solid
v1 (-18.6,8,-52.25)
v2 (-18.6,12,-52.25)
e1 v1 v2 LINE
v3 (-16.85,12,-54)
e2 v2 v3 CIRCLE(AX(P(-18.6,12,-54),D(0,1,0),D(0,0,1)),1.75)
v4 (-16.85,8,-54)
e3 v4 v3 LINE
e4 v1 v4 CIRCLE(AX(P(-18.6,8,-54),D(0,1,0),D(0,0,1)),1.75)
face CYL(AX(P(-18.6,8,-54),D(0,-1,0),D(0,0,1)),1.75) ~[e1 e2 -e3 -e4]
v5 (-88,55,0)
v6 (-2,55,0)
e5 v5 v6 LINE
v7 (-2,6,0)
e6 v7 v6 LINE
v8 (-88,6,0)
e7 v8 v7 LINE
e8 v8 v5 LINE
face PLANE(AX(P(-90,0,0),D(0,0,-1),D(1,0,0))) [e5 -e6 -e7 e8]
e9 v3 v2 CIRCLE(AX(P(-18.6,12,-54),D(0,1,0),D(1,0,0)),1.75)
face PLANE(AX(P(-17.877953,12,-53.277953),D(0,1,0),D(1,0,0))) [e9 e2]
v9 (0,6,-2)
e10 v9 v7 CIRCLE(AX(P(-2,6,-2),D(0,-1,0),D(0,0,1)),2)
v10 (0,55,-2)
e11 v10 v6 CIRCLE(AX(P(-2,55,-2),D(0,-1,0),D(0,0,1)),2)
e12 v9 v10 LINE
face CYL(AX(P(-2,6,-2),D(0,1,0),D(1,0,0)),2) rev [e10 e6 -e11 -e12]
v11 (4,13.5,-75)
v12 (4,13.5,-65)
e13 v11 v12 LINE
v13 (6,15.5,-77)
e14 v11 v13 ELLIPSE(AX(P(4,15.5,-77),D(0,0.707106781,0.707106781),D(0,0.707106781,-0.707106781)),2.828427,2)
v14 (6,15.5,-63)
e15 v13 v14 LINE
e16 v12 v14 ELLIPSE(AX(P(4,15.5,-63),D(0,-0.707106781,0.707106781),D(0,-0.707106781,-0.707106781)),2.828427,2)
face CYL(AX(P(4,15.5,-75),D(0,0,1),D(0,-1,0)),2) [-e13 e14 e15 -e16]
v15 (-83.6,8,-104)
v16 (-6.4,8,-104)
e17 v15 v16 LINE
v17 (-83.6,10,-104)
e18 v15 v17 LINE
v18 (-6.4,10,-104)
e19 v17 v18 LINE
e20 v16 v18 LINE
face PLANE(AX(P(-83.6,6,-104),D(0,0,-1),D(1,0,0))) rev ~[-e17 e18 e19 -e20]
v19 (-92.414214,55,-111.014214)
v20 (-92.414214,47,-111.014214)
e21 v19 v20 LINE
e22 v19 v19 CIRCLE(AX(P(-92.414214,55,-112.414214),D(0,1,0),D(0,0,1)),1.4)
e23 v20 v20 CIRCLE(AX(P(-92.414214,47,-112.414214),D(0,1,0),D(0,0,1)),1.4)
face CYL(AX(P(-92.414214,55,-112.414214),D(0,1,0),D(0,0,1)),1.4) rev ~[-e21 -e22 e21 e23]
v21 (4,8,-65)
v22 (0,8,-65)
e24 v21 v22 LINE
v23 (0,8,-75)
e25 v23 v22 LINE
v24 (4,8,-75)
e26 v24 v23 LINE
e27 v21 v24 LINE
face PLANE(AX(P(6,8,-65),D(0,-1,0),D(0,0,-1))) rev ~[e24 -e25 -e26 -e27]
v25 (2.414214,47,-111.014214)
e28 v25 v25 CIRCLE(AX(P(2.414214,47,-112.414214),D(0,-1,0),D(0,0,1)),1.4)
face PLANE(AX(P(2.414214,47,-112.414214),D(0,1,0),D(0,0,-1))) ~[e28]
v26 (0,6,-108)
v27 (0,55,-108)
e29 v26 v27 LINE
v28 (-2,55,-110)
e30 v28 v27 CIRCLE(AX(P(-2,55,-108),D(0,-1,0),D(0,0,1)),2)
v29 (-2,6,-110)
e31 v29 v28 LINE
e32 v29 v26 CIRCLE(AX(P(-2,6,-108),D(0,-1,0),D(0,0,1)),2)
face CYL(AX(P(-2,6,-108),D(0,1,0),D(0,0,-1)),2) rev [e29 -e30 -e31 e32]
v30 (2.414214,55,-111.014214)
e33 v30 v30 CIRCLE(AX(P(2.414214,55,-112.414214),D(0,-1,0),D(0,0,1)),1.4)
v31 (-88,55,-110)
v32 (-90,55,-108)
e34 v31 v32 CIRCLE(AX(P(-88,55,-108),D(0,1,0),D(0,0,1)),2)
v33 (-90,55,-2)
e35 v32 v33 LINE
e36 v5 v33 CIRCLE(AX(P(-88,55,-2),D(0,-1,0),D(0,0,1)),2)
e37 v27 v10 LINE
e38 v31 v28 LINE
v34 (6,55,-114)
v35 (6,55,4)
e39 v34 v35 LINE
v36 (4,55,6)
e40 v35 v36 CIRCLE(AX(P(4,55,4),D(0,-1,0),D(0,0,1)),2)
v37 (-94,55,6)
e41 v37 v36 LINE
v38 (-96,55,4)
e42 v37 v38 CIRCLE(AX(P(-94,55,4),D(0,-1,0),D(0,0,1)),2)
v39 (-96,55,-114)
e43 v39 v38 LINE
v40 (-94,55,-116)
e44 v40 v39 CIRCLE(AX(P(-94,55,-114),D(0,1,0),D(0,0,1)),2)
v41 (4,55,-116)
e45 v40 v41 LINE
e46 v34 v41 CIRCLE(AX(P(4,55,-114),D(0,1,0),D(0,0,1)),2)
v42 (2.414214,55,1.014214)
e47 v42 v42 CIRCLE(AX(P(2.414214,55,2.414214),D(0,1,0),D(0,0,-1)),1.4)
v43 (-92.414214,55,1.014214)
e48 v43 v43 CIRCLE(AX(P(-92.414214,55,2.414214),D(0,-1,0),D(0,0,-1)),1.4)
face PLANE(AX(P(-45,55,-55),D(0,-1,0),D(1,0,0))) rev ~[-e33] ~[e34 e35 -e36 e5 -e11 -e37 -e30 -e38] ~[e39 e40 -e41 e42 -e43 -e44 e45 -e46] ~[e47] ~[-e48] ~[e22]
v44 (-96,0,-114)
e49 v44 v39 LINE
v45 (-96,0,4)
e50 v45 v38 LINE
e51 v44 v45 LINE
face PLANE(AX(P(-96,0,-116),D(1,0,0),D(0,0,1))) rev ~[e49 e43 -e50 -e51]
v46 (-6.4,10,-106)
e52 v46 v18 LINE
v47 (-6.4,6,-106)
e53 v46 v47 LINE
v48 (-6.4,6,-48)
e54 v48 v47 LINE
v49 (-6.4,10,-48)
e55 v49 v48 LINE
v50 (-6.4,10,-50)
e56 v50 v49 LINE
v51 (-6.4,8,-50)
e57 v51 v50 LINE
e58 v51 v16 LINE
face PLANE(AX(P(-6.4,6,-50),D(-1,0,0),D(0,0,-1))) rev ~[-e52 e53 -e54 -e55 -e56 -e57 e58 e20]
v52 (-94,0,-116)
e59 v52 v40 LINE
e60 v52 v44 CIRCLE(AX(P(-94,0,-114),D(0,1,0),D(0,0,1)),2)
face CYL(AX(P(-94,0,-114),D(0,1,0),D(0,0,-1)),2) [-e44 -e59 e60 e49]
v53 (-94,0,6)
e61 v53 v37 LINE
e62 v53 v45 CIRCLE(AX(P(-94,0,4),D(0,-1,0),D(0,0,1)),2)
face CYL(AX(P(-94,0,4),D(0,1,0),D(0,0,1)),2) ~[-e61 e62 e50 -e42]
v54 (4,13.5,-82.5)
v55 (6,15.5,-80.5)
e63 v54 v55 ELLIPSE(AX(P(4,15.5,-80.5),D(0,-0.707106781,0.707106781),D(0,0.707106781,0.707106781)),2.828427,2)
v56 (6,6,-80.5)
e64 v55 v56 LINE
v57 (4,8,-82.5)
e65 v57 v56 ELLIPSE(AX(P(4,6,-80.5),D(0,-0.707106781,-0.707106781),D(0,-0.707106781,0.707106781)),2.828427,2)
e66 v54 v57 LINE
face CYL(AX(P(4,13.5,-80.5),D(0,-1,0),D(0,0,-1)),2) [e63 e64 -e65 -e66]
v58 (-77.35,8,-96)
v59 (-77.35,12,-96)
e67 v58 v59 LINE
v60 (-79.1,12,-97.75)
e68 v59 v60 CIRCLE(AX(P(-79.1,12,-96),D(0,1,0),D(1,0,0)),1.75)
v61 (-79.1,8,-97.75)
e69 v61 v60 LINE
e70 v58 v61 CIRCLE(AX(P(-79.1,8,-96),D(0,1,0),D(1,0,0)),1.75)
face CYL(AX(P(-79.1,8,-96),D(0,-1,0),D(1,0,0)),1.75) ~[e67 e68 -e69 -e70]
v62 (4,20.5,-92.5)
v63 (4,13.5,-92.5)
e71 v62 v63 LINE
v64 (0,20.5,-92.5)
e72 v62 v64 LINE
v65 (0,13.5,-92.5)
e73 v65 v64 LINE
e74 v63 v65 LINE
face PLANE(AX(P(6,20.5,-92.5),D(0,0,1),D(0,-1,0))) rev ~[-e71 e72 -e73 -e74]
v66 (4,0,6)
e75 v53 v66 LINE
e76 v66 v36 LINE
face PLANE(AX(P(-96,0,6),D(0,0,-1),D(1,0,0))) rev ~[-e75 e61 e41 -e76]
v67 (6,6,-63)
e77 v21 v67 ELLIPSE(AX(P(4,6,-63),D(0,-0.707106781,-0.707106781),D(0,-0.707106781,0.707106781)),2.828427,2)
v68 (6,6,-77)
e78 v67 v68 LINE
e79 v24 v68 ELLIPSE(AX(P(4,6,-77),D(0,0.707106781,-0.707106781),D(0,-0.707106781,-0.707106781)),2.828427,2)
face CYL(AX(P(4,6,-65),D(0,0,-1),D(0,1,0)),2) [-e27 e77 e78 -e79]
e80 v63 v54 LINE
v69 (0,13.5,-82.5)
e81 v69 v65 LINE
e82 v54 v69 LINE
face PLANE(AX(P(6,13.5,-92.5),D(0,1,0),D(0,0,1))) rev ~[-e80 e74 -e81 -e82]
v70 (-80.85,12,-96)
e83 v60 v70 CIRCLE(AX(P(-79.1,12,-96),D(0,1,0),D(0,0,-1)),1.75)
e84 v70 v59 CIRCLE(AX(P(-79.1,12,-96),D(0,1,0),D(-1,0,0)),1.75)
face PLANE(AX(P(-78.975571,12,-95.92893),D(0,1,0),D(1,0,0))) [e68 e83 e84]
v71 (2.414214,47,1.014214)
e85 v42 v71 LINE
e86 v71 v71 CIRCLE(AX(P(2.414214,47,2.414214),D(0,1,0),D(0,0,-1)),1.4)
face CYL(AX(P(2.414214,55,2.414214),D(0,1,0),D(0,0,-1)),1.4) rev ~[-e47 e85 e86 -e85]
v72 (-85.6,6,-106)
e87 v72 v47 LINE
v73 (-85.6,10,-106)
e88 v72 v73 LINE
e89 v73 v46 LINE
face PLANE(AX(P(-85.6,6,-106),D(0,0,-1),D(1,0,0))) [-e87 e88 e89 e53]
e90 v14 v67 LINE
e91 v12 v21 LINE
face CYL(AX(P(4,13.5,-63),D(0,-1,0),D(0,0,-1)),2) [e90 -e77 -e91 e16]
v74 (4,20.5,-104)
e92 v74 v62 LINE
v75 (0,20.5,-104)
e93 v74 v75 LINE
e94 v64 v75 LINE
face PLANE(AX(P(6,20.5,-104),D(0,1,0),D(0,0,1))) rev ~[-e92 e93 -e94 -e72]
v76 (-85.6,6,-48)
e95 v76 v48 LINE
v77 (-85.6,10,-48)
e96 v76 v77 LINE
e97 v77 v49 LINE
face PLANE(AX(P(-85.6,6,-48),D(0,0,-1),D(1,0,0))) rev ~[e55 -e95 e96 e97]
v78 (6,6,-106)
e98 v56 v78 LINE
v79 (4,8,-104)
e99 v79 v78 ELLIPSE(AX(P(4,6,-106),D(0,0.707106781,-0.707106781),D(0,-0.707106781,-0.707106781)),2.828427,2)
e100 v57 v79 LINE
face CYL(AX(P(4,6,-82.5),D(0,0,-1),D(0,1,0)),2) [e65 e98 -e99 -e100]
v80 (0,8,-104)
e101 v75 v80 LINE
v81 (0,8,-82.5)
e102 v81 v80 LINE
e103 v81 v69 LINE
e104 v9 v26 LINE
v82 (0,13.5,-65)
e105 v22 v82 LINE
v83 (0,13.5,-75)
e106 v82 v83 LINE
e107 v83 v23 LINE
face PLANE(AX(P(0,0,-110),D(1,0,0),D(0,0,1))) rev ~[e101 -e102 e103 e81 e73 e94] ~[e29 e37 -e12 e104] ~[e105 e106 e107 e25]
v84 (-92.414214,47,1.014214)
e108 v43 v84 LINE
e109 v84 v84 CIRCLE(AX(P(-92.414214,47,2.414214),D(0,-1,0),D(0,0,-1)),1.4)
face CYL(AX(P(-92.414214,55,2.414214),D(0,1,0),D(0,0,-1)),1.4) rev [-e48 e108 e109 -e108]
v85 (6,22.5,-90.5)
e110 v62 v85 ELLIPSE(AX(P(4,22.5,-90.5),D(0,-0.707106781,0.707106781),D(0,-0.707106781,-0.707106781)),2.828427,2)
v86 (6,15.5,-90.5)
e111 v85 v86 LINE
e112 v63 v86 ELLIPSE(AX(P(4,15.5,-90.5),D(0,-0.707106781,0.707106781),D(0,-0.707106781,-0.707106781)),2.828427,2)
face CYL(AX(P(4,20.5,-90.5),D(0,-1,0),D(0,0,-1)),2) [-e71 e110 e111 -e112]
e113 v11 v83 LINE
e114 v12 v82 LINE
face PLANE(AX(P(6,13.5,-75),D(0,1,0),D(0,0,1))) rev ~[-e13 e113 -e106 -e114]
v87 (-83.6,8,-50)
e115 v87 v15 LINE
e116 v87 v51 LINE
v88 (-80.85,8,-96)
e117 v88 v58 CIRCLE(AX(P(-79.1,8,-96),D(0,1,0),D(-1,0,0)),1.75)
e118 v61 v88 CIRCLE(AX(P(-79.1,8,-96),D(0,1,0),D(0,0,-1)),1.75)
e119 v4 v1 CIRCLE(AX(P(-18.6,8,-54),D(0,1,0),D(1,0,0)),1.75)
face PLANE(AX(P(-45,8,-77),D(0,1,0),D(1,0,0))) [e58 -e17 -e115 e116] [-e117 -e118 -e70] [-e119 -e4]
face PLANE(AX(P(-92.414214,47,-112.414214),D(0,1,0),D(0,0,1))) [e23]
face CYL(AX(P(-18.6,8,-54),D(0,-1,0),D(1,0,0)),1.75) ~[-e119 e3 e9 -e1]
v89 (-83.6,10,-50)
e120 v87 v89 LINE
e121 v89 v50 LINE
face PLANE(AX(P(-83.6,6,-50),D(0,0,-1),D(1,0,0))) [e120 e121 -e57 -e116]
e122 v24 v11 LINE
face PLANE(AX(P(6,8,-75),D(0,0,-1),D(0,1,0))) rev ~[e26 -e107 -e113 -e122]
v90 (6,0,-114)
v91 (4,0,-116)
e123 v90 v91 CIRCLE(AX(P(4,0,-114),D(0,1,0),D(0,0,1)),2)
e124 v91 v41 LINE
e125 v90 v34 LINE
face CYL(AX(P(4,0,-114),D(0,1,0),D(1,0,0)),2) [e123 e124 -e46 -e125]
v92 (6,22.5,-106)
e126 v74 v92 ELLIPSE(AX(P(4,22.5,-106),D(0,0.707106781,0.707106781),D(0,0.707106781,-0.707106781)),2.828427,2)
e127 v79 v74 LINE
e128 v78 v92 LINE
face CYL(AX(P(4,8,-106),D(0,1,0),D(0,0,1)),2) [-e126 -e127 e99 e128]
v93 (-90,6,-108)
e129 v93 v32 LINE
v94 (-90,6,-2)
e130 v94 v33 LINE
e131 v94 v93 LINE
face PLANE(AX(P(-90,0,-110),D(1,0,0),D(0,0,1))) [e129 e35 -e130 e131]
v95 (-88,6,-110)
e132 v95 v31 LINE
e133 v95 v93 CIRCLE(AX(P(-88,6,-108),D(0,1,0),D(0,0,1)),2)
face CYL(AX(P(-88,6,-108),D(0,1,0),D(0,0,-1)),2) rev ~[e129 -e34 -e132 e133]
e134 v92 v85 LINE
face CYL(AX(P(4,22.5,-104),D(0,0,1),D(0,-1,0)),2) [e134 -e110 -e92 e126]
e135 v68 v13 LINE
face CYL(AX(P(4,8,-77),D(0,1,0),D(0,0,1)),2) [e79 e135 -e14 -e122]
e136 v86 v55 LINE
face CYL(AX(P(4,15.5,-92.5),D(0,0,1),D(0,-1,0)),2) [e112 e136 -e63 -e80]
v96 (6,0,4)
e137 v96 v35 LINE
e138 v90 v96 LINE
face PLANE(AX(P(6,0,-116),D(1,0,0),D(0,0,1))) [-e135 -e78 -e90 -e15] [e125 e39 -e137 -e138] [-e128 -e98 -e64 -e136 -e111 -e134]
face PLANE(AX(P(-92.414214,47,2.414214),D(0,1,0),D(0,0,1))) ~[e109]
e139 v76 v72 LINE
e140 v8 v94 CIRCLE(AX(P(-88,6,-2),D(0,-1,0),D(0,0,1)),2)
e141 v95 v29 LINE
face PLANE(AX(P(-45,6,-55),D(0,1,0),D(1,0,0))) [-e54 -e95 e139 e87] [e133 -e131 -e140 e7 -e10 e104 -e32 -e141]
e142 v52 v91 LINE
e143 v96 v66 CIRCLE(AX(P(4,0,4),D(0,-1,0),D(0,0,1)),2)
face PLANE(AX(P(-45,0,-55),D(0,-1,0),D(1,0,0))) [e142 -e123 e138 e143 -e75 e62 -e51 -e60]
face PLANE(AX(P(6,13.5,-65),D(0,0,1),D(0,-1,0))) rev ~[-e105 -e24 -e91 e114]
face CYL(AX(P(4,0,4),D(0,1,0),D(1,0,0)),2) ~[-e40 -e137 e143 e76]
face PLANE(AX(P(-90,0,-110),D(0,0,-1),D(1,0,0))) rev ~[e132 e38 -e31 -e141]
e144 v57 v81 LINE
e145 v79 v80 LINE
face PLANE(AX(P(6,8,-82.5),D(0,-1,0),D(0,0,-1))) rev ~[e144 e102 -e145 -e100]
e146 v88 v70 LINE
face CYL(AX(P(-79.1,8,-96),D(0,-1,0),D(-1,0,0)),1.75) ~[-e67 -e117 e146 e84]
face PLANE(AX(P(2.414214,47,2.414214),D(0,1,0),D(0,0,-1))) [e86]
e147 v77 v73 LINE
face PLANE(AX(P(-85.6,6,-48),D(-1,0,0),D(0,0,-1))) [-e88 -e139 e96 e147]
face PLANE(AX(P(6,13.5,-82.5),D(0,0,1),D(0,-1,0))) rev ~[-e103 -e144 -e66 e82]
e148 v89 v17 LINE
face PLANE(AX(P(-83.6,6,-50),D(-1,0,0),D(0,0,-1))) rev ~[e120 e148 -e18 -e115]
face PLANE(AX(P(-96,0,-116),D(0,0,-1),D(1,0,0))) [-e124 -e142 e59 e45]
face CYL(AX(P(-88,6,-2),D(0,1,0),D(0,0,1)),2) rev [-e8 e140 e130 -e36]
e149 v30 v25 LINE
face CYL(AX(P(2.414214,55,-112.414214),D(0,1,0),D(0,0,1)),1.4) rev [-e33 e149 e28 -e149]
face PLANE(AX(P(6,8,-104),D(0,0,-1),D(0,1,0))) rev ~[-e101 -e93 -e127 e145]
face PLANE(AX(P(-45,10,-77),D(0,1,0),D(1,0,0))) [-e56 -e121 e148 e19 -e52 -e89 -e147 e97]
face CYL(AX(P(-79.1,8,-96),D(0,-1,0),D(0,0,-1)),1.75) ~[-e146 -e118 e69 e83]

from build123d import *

# Parameters (mm, degrees)
SKETCH1_W               = 90
SKETCH1_H               = 110
BOSS_EXTRUDE2_DEPTH     = 6
SKETCH4_W               = 102
SKETCH4_H               = 122
SKETCH4_W_2             = 90
SKETCH4_H_2             = 110
BOSS_EXTRUDE3_DEPTH     = 55
SKETCH6_W               = 81.2
SKETCH6_H               = 58
SKETCH6_W_2             = 77.2
SKETCH6_H_2             = 54
BOSS_EXTRUDE4_DEPTH     = 4
CUT_EXTRUDE1_DEPTH      = 4
SKETCH12_W              = 77.2
SKETCH12_H              = 54
BOSS_EXTRUDE5_DEPTH     = 2
CUT_EXTRUDE2_REACH      = 165.966
FILLET1_R               = 2
FILLET2_R               = 2
FILLET3_R               = 2
BOSS_EXTRUDE7_DEPTH     = 4
SKETCH14_R              = 1.4
CUT_EXTRUDE3_DEPTH      = 8
MIRROR2_COPY_1_SKETCH_R = 1.4
MIRROR2_COPY_1_DEPTH    = 8


with BuildPart() as part:
    # Sketch1 → Boss-Extrude2 (new body)
    with BuildSketch(Plane(origin=(0, 0, 0), x_dir=(1, 0, 0), z_dir=(0, 1, 0))):
        with Locations((-45, 55)):
            Rectangle(SKETCH1_W, SKETCH1_H)
    extrude(amount=BOSS_EXTRUDE2_DEPTH)

    # Sketch4 → Boss-Extrude3 (add)
    with BuildSketch(Plane.XZ):
        with Locations((-45, -55)):
            Rectangle(SKETCH4_W, SKETCH4_H)
        with Locations((-45, -55)):
            Rectangle(SKETCH4_W_2, SKETCH4_H_2, mode=Mode.SUBTRACT)
    extrude(amount=-BOSS_EXTRUDE3_DEPTH)

    # Sketch6 → Boss-Extrude4 (add)
    with BuildSketch(Plane(origin=(0, 6, 0), x_dir=(1, 0, 0), z_dir=(0, 1, 0))):
        with Locations((-45, 77)):
            Rectangle(SKETCH6_W, SKETCH6_H)
        with Locations((-45, 77)):
            Rectangle(SKETCH6_W_2, SKETCH6_H_2, mode=Mode.SUBTRACT)
    extrude(amount=BOSS_EXTRUDE4_DEPTH)

    # Sketch11 → Cut-Extrude1 (cut)
    with BuildSketch(Plane(origin=(0, 10, 0), x_dir=(1, 0, 0), z_dir=(0, 1, 0))):
        Polygon((-6.4, 106), (-6.4, 104), (-6.4, 50), (-6.4, 48), (-4.4, 48), (-4.4, 106), align=None)
    extrude(amount=-CUT_EXTRUDE1_DEPTH, mode=Mode.SUBTRACT)

    # Sketch12 → Boss-Extrude5 (add)
    with BuildSketch(Plane(origin=(0, 6, 0), x_dir=(1, 0, 0), z_dir=(0, 1, 0))):
        with Locations((-45, 77)):
            Rectangle(SKETCH12_W, SKETCH12_H)
    extrude(amount=BOSS_EXTRUDE5_DEPTH)

    # Sketch10 → Cut-Extrude2 (cut, up to next)
    with BuildSketch(Plane(origin=(6, 0, 0), x_dir=(0, 0, -1), z_dir=(1, 0, 0)), mode=Mode.PRIVATE) as cut_extrude2_sk1:
        Polygon((92.5, 8), (104, 8), (104, 20.5), (92.5, 20.5), (92.5, 13.5), align=None)
    cut_extrude2_tool1 = extrude(cut_extrude2_sk1.sketch, amount=-CUT_EXTRUDE2_REACH, mode=Mode.PRIVATE) & part.part
    # Sketch10 → Cut-Extrude2 (cut, up to next)
    with BuildSketch(Plane(origin=(6, 0, 0), x_dir=(0, 0, -1), z_dir=(1, 0, 0)), mode=Mode.PRIVATE) as cut_extrude2_sk2:
        Polygon((82.5, 8), (92.5, 8), (92.5, 13.5), (82.5, 13.5), (82.5, 11.241721358), align=None)
    cut_extrude2_tool2 = extrude(cut_extrude2_sk2.sketch, amount=-CUT_EXTRUDE2_REACH, mode=Mode.PRIVATE) & part.part
    # Sketch10 → Cut-Extrude2 (cut, up to next)
    with BuildSketch(Plane(origin=(6, 0, 0), x_dir=(0, 0, -1), z_dir=(1, 0, 0)), mode=Mode.PRIVATE) as cut_extrude2_sk3:
        Polygon((65, 13.5), (65, 8), (75, 8), (75, 11.241721358), (75, 13.5), align=None)
    cut_extrude2_tool3 = extrude(cut_extrude2_sk3.sketch, amount=-CUT_EXTRUDE2_REACH, mode=Mode.PRIVATE) & part.part
    add(cut_extrude2_tool1.solids().sort_by_distance((6, 14.25, -98.25))[0], mode=Mode.SUBTRACT)
    add(cut_extrude2_tool2.solids().sort_by_distance((6, 10.75, -87.5))[0], mode=Mode.SUBTRACT)
    add(cut_extrude2_tool3.solids().sort_by_distance((6, 10.75, -70))[0], mode=Mode.SUBTRACT)

    # Fillet1
    fillet1_edges = [part.edges().sort_by_distance(p)[0] for p in [
        (6, 17, -92.5),
        (6, 13.5, -87.5),
        (6, 10.75, -82.5),
        (6, 8, -93.25),
        (6, 14.25, -104),
        (6, 20.5, -98.25),
        (6, 10.75, -65),
        (6, 8, -70),
        (6, 10.75, -75),
        (6, 13.5, -70),
    ]]
    fillet(fillet1_edges, radius=FILLET1_R)

    # Fillet2
    fillet2_edges = [part.edges().sort_by_distance(p)[0] for p in [
        (-96, 27.5, -116),
        (-96, 27.5, 6),
        (6, 27.5, 6),
        (6, 27.5, -116),
    ]]
    fillet(fillet2_edges, radius=FILLET2_R)

    # Fillet3
    fillet3_edges = [part.edges().sort_by_distance(p)[0] for p in [
        (0, 30.5, 0),
        (0, 30.5, -110),
        (-90, 30.5, -110),
        (-90, 30.5, 0),
    ]]
    fillet(fillet3_edges, radius=FILLET3_R)

    # Sketch13 → Boss-Extrude7 (add)
    with BuildSketch(Plane(origin=(0, 8, 0), x_dir=(1, 0, 0), z_dir=(0, 1, 0))):
        with BuildLine():
            ThreePointArc((-77.35, 96), (-77.862563133, 97.237436867), (-79.1, 97.75))
            Line((-79.1, 97.75), (-79.1, 96))
            Line((-79.1, 96), (-80.85, 96))
            ThreePointArc((-80.85, 96), (-79.1, 94.25), (-77.35, 96))
        make_face()
        with BuildLine():
            Line((-79.1, 96), (-79.1, 97.75))
            ThreePointArc((-79.1, 97.75), (-80.337436867, 97.237436867), (-80.85, 96))
            Line((-80.85, 96), (-79.1, 96))
        make_face()
        with BuildLine():
            ThreePointArc((-18.6, 52.25), (-17.362563133, 52.762563133), (-16.85, 54))
            Line((-16.85, 54), (-18.6, 54))
            Line((-18.6, 54), (-18.6, 52.25))
        make_face()
        with BuildLine():
            Line((-18.6, 54), (-16.85, 54))
            ThreePointArc((-16.85, 54), (-19.837436867, 55.237436867), (-18.6, 52.25))
            Line((-18.6, 52.25), (-18.6, 54))
        make_face()
    extrude(amount=BOSS_EXTRUDE7_DEPTH)

    # Sketch14 → Cut-Extrude3 (cut)
    with BuildSketch(Plane(origin=(0, 55, 0), x_dir=(1, 0, 0), z_dir=(0, 1, 0))):
        with Locations(Location((-92.414213562, 112.414213562, 0), (0, 0, 270))):
            Circle(SKETCH14_R)
    cut_extrude3 = extrude(amount=-CUT_EXTRUDE3_DEPTH, mode=Mode.SUBTRACT)

    # Mirror1: Cut-Extrude3 across plane
    add(cut_extrude3.mirror(Plane.ZY.offset(45)), mode=Mode.SUBTRACT)

    # Mirror2: Cut-Extrude3 across plane
    add(cut_extrude3.mirror(Plane(origin=(0, 0, -55), x_dir=(1, 0, 0), z_dir=(0, 0, -1))), mode=Mode.SUBTRACT)

    # Mirror2 copy 1 sketch → Mirror2 copy 1 (cut)
    with BuildSketch(Plane(origin=(-90, 55, -110), x_dir=(-1, 0, 0), z_dir=(0, 1, 0))):
        with Locations(Location((-92.414213562, 112.414213562, 0), (0, 0, 270))):
            Circle(MIRROR2_COPY_1_SKETCH_R)
    extrude(amount=-MIRROR2_COPY_1_DEPTH, mode=Mode.SUBTRACT)


solid = part.part
